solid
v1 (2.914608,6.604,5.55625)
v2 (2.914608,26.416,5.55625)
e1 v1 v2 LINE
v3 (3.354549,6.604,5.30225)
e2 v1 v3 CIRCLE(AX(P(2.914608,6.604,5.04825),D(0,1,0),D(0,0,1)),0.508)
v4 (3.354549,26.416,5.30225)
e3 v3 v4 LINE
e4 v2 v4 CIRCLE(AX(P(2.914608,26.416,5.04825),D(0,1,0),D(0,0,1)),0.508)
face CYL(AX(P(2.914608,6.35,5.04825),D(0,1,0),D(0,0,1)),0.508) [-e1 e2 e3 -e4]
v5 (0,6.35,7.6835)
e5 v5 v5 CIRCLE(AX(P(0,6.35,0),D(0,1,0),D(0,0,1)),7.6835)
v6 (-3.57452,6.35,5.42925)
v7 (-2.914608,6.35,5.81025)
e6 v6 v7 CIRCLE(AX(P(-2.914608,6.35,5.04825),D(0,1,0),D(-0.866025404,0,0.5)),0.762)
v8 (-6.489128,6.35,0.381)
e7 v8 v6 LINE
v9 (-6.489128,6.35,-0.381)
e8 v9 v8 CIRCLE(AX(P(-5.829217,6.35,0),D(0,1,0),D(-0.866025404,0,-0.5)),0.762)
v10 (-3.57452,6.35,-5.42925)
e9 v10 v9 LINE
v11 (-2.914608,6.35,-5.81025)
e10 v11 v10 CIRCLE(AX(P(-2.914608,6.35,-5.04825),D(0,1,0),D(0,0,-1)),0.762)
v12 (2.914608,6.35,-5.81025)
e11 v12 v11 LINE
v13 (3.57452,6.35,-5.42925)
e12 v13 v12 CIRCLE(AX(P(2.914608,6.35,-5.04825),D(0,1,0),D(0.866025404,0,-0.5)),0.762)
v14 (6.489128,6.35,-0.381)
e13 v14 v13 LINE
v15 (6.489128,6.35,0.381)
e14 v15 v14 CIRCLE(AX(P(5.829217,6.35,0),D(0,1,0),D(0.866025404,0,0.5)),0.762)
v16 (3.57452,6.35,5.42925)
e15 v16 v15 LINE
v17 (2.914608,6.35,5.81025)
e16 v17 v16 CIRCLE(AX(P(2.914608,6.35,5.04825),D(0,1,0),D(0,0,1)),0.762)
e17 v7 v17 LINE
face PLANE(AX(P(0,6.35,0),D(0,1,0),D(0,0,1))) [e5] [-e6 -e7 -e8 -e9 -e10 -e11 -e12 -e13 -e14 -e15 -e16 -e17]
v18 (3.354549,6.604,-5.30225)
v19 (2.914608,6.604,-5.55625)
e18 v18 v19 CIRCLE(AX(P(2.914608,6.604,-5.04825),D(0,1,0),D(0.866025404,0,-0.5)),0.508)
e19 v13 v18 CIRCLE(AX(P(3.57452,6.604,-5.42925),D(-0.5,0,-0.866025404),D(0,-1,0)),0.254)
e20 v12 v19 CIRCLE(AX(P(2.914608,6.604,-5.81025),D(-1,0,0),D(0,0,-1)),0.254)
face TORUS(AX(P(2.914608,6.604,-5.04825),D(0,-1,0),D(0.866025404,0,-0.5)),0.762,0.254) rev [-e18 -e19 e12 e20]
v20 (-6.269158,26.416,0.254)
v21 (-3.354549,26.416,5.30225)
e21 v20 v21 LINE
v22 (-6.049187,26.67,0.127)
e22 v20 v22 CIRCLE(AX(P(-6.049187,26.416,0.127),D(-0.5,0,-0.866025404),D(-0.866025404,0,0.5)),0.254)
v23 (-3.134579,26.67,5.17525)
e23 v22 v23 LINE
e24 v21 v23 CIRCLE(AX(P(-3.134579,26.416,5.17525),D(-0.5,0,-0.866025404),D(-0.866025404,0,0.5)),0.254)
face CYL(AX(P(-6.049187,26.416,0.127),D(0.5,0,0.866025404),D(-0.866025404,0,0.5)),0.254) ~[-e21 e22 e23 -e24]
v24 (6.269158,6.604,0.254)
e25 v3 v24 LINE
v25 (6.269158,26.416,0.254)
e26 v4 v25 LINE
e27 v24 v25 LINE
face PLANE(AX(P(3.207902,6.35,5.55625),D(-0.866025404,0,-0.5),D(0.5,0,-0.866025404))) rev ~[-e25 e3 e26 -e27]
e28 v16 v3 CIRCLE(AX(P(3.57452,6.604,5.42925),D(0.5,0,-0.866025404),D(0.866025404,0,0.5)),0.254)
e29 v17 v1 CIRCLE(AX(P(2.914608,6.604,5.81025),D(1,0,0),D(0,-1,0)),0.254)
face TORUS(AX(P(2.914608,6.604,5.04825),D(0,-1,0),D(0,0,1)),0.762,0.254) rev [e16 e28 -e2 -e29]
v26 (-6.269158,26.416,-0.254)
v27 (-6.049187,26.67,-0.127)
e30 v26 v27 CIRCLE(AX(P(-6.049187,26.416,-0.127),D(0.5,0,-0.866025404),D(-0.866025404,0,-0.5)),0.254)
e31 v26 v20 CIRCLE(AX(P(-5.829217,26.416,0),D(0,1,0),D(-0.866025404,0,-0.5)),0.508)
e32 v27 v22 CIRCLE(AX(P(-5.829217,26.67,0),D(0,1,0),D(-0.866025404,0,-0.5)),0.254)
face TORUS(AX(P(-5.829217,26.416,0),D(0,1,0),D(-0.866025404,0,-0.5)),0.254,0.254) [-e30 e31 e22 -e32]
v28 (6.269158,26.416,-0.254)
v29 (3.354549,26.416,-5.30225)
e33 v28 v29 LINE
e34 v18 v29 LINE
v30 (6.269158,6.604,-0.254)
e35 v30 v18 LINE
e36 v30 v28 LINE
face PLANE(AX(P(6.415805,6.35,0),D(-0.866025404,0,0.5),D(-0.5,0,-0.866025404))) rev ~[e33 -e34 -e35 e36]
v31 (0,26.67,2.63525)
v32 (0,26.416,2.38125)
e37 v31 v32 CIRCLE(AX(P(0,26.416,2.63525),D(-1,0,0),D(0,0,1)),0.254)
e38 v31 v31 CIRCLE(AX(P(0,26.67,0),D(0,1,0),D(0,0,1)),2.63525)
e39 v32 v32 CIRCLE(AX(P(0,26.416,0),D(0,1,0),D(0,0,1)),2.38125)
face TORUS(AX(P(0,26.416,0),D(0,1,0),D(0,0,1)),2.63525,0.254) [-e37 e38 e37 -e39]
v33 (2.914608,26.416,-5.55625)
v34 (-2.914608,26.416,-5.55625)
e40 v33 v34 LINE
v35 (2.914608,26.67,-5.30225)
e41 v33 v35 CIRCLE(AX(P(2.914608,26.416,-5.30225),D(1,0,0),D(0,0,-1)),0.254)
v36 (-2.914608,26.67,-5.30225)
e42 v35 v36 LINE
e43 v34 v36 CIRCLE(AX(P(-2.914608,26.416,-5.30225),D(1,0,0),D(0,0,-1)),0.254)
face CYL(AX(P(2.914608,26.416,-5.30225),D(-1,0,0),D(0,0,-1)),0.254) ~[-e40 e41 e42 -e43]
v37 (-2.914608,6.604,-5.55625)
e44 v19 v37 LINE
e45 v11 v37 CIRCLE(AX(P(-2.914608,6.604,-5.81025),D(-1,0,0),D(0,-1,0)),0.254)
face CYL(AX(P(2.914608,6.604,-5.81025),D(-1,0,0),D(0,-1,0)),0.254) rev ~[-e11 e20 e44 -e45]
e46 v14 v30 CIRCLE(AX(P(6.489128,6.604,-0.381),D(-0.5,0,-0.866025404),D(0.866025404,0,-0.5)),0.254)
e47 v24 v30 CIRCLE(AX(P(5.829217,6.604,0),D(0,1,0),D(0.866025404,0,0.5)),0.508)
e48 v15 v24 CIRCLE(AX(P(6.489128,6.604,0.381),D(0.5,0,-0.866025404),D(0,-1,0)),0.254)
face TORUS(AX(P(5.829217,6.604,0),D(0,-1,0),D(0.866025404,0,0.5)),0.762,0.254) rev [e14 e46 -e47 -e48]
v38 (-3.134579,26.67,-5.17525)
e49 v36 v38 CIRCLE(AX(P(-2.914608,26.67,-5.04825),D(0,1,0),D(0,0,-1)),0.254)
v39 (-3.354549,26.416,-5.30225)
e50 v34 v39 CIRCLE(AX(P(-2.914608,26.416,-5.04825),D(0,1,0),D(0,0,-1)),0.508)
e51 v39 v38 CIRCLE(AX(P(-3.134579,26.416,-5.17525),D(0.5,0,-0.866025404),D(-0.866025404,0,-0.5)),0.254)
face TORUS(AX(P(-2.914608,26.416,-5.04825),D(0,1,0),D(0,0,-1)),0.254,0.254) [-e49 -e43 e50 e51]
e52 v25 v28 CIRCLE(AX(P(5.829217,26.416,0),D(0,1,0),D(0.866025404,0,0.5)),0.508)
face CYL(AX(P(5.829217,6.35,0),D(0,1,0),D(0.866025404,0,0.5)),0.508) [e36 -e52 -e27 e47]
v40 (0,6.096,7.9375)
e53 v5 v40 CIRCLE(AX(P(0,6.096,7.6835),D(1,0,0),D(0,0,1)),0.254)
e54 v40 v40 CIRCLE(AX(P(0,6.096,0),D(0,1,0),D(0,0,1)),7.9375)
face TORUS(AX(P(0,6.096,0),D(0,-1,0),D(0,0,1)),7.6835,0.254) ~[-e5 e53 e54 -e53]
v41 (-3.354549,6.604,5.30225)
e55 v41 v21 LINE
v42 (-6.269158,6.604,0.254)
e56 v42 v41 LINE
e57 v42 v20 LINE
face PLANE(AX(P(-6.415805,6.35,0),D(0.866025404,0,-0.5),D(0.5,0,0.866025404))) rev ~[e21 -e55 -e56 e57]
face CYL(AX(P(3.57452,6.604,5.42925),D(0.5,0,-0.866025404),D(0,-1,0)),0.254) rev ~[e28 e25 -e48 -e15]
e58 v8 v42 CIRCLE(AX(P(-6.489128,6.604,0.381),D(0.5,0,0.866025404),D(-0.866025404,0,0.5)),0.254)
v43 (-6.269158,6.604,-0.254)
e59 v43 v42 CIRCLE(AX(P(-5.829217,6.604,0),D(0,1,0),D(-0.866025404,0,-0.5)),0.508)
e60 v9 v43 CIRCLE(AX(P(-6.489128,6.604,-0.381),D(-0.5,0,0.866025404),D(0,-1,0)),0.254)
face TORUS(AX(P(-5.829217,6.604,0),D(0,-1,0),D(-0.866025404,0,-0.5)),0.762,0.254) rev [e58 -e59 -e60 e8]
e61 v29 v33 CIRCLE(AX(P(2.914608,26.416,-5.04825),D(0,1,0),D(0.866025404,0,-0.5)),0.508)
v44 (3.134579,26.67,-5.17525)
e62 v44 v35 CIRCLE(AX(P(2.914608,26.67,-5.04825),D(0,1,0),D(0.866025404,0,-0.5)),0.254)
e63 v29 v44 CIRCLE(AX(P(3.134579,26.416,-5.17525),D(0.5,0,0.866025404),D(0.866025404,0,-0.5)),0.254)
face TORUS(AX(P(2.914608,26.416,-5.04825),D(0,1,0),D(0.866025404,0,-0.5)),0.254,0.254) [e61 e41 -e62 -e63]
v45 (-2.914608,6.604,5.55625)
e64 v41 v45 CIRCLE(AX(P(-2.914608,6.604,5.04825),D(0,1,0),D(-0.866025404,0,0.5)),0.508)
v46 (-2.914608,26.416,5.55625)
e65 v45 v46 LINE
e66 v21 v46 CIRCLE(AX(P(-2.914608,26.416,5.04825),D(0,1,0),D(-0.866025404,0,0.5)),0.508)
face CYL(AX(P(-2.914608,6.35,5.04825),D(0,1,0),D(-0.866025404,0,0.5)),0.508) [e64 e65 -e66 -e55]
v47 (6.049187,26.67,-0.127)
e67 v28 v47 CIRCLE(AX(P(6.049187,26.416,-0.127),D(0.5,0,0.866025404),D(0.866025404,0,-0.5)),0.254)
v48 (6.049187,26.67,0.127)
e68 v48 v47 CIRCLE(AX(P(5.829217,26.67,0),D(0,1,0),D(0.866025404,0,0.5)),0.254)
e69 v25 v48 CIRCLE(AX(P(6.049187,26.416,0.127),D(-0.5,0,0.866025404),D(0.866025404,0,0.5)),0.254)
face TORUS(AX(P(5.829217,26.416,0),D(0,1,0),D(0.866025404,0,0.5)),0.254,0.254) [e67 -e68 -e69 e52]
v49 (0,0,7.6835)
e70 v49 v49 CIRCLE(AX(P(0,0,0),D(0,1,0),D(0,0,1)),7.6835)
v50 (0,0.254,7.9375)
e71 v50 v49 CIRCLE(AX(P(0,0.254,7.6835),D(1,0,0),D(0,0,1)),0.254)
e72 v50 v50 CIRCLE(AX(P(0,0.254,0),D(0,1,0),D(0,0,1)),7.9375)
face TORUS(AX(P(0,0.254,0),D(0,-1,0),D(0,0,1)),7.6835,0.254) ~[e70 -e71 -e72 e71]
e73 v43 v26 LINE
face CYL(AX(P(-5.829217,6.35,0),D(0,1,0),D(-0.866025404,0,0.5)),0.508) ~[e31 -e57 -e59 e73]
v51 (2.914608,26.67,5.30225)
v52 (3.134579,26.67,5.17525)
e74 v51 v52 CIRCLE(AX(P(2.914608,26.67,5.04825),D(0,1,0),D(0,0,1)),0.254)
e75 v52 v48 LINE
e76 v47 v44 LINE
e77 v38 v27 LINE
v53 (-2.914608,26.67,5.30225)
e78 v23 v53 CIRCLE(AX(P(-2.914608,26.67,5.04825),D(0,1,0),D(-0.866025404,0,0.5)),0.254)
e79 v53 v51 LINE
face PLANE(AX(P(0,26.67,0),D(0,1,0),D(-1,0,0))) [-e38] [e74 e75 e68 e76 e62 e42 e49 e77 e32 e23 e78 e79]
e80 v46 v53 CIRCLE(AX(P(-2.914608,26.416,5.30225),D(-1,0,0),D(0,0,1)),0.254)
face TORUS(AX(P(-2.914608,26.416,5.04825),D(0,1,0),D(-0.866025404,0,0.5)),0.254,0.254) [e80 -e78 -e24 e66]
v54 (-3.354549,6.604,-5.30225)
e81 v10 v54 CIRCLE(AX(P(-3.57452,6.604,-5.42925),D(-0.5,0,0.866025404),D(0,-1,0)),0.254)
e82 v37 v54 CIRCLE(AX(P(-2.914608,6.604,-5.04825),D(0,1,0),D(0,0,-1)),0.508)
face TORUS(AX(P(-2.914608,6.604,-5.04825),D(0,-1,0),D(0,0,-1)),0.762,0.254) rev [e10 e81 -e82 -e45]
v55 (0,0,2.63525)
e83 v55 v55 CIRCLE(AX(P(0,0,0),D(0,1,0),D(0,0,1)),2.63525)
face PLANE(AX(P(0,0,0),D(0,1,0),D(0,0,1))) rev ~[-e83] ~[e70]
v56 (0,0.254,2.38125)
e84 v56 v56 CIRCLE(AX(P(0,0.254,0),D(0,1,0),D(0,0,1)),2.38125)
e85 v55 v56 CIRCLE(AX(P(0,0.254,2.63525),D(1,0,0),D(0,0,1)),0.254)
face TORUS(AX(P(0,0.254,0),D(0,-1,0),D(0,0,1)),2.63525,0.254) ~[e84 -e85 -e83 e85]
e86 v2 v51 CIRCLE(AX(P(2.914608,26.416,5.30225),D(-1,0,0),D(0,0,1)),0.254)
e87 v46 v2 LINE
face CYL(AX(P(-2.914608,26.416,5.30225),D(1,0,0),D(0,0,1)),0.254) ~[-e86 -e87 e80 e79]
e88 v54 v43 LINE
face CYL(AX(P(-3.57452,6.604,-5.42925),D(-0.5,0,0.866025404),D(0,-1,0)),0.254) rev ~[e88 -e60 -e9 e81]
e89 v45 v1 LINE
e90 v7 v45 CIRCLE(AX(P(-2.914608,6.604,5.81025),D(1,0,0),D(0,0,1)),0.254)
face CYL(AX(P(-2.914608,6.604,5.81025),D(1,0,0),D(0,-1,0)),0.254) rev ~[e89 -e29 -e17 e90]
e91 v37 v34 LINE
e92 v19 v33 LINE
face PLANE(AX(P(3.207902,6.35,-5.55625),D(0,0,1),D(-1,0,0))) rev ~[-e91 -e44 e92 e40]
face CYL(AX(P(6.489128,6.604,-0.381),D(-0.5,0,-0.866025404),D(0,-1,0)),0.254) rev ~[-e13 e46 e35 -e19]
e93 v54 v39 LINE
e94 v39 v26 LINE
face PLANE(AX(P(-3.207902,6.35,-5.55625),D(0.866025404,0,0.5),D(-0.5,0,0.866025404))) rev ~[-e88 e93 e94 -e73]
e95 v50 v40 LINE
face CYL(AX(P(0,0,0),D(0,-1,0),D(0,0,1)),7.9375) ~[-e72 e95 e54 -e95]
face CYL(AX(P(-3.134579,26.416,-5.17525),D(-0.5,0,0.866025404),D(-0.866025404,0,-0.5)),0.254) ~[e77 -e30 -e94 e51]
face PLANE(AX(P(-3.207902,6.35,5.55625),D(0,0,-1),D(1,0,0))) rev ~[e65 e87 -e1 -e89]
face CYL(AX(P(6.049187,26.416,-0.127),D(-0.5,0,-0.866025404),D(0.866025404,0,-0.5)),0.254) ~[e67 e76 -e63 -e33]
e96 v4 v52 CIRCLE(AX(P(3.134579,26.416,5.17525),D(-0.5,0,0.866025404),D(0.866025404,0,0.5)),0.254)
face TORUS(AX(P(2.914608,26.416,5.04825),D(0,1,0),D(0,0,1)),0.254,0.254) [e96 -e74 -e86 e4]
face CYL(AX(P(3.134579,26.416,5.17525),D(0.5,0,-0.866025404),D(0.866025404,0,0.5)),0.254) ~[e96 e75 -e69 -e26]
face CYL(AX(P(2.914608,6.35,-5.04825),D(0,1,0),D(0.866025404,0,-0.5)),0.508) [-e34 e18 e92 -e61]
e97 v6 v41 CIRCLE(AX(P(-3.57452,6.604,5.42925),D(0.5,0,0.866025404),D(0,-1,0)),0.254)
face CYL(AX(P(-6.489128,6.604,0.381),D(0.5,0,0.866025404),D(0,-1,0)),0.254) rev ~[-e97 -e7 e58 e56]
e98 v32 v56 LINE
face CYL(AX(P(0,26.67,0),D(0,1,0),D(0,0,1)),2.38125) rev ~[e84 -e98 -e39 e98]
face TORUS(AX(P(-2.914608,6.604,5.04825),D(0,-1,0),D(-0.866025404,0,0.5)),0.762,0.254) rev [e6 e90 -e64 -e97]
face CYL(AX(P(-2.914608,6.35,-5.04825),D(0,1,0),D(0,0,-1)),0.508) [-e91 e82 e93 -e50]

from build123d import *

# Parameters (mm, degrees)
SKETCH1_R          = 7.9375
EXTRUDE1_DEPTH     = 6.35
EXTRUDE2_DEPTH     = 20.32
SKETCH3_R          = 2.38125
CUT_EXTRUDE1_DEPTH = 29.936079771
FILLET1_R          = 0.508
FILLET2_R          = 0.254


with BuildPart() as part:
    # Sketch1 → Extrude1 (new body)
    with BuildSketch(Plane(origin=(0, 0, 0), x_dir=(1, 0, 0), z_dir=(0, 1, 0))):
        with Locations(Location((0, 0, 0), (0, 0, 270))):
            Circle(SKETCH1_R)
    extrude(amount=EXTRUDE1_DEPTH)

    # Sketch2 → Extrude2 (add)
    with BuildSketch(Plane(origin=(0, 6.35, 0), x_dir=(-1, 0, 0), z_dir=(0, 1, 0))):
        Polygon((6.415804866, 0), (3.207902433, 5.55625), (-3.207902433, 5.55625), (-6.415804866, 0), (-3.207902433, -5.55625), (3.207902433, -5.55625), align=None)
    extrude(amount=EXTRUDE2_DEPTH)

    # Sketch3 → Cut-Extrude1 (cut, through all)
    with BuildSketch(Plane(origin=(0, 26.67, 0), x_dir=(-1, 0, 0), z_dir=(0, 1, 0))):
        with Locations(Location((0, 0, 0), (0, 0, 90))):
            Circle(SKETCH3_R)
    extrude(amount=-CUT_EXTRUDE1_DEPTH, mode=Mode.SUBTRACT)

    # Fillet1
    fillet1_edges = [part.edges().sort_by_distance(p)[0] for p in [
        (6.415804866, 16.51, 0),
        (3.207902433, 16.51, -5.55625),
        (-3.207902433, 16.51, -5.55625),
        (-6.415804866, 16.51, 0),
        (-3.207902433, 16.51, 5.55625),
        (3.207902433, 16.51, 5.55625),
    ]]
    fillet(fillet1_edges, radius=FILLET1_R)

    # Fillet2
    fillet2_edges = [part.edges().sort_by_distance(p)[0] for p in [
        (0, 0, -7.9375),
        (0, 0, -2.38125),
        (0, 26.67, -2.38125),
        (-4.81185365, 6.35, -2.778125),
        (-4.81185365, 26.67, -2.778125),
        (0, 6.35, -5.55625),
        (0, 26.67, -5.55625),
        (-4.81185365, 26.67, 2.778125),
        (0, 26.67, 5.55625),
        (4.81185365, 26.67, 2.778125),
        (4.81185365, 26.67, -2.778125),
        (-6.337216993, 26.67, 0),
        (-3.168608496, 26.67, 5.488190905),
        (3.168608496, 26.67, 5.488190905),
        (6.337216993, 26.67, 0),
        (3.168608496, 26.67, -5.488190905),
        (-3.168608496, 26.67, -5.488190905),
        (4.81185365, 6.35, -2.778125),
        (4.81185365, 6.35, 2.778125),
        (0, 6.35, -7.9375),
        (0, 6.35, 5.55625),
        (-4.81185365, 6.35, 2.778125),
        (-3.168608496, 6.35, -5.488190905),
        (3.168608496, 6.35, -5.488190905),
        (6.337216993, 6.35, 0),
        (3.168608496, 6.35, 5.488190905),
        (-3.168608496, 6.35, 5.488190905),
        (-6.337216993, 6.35, 0),
    ]]
    fillet(fillet2_edges, radius=FILLET2_R)


solid = part.part
